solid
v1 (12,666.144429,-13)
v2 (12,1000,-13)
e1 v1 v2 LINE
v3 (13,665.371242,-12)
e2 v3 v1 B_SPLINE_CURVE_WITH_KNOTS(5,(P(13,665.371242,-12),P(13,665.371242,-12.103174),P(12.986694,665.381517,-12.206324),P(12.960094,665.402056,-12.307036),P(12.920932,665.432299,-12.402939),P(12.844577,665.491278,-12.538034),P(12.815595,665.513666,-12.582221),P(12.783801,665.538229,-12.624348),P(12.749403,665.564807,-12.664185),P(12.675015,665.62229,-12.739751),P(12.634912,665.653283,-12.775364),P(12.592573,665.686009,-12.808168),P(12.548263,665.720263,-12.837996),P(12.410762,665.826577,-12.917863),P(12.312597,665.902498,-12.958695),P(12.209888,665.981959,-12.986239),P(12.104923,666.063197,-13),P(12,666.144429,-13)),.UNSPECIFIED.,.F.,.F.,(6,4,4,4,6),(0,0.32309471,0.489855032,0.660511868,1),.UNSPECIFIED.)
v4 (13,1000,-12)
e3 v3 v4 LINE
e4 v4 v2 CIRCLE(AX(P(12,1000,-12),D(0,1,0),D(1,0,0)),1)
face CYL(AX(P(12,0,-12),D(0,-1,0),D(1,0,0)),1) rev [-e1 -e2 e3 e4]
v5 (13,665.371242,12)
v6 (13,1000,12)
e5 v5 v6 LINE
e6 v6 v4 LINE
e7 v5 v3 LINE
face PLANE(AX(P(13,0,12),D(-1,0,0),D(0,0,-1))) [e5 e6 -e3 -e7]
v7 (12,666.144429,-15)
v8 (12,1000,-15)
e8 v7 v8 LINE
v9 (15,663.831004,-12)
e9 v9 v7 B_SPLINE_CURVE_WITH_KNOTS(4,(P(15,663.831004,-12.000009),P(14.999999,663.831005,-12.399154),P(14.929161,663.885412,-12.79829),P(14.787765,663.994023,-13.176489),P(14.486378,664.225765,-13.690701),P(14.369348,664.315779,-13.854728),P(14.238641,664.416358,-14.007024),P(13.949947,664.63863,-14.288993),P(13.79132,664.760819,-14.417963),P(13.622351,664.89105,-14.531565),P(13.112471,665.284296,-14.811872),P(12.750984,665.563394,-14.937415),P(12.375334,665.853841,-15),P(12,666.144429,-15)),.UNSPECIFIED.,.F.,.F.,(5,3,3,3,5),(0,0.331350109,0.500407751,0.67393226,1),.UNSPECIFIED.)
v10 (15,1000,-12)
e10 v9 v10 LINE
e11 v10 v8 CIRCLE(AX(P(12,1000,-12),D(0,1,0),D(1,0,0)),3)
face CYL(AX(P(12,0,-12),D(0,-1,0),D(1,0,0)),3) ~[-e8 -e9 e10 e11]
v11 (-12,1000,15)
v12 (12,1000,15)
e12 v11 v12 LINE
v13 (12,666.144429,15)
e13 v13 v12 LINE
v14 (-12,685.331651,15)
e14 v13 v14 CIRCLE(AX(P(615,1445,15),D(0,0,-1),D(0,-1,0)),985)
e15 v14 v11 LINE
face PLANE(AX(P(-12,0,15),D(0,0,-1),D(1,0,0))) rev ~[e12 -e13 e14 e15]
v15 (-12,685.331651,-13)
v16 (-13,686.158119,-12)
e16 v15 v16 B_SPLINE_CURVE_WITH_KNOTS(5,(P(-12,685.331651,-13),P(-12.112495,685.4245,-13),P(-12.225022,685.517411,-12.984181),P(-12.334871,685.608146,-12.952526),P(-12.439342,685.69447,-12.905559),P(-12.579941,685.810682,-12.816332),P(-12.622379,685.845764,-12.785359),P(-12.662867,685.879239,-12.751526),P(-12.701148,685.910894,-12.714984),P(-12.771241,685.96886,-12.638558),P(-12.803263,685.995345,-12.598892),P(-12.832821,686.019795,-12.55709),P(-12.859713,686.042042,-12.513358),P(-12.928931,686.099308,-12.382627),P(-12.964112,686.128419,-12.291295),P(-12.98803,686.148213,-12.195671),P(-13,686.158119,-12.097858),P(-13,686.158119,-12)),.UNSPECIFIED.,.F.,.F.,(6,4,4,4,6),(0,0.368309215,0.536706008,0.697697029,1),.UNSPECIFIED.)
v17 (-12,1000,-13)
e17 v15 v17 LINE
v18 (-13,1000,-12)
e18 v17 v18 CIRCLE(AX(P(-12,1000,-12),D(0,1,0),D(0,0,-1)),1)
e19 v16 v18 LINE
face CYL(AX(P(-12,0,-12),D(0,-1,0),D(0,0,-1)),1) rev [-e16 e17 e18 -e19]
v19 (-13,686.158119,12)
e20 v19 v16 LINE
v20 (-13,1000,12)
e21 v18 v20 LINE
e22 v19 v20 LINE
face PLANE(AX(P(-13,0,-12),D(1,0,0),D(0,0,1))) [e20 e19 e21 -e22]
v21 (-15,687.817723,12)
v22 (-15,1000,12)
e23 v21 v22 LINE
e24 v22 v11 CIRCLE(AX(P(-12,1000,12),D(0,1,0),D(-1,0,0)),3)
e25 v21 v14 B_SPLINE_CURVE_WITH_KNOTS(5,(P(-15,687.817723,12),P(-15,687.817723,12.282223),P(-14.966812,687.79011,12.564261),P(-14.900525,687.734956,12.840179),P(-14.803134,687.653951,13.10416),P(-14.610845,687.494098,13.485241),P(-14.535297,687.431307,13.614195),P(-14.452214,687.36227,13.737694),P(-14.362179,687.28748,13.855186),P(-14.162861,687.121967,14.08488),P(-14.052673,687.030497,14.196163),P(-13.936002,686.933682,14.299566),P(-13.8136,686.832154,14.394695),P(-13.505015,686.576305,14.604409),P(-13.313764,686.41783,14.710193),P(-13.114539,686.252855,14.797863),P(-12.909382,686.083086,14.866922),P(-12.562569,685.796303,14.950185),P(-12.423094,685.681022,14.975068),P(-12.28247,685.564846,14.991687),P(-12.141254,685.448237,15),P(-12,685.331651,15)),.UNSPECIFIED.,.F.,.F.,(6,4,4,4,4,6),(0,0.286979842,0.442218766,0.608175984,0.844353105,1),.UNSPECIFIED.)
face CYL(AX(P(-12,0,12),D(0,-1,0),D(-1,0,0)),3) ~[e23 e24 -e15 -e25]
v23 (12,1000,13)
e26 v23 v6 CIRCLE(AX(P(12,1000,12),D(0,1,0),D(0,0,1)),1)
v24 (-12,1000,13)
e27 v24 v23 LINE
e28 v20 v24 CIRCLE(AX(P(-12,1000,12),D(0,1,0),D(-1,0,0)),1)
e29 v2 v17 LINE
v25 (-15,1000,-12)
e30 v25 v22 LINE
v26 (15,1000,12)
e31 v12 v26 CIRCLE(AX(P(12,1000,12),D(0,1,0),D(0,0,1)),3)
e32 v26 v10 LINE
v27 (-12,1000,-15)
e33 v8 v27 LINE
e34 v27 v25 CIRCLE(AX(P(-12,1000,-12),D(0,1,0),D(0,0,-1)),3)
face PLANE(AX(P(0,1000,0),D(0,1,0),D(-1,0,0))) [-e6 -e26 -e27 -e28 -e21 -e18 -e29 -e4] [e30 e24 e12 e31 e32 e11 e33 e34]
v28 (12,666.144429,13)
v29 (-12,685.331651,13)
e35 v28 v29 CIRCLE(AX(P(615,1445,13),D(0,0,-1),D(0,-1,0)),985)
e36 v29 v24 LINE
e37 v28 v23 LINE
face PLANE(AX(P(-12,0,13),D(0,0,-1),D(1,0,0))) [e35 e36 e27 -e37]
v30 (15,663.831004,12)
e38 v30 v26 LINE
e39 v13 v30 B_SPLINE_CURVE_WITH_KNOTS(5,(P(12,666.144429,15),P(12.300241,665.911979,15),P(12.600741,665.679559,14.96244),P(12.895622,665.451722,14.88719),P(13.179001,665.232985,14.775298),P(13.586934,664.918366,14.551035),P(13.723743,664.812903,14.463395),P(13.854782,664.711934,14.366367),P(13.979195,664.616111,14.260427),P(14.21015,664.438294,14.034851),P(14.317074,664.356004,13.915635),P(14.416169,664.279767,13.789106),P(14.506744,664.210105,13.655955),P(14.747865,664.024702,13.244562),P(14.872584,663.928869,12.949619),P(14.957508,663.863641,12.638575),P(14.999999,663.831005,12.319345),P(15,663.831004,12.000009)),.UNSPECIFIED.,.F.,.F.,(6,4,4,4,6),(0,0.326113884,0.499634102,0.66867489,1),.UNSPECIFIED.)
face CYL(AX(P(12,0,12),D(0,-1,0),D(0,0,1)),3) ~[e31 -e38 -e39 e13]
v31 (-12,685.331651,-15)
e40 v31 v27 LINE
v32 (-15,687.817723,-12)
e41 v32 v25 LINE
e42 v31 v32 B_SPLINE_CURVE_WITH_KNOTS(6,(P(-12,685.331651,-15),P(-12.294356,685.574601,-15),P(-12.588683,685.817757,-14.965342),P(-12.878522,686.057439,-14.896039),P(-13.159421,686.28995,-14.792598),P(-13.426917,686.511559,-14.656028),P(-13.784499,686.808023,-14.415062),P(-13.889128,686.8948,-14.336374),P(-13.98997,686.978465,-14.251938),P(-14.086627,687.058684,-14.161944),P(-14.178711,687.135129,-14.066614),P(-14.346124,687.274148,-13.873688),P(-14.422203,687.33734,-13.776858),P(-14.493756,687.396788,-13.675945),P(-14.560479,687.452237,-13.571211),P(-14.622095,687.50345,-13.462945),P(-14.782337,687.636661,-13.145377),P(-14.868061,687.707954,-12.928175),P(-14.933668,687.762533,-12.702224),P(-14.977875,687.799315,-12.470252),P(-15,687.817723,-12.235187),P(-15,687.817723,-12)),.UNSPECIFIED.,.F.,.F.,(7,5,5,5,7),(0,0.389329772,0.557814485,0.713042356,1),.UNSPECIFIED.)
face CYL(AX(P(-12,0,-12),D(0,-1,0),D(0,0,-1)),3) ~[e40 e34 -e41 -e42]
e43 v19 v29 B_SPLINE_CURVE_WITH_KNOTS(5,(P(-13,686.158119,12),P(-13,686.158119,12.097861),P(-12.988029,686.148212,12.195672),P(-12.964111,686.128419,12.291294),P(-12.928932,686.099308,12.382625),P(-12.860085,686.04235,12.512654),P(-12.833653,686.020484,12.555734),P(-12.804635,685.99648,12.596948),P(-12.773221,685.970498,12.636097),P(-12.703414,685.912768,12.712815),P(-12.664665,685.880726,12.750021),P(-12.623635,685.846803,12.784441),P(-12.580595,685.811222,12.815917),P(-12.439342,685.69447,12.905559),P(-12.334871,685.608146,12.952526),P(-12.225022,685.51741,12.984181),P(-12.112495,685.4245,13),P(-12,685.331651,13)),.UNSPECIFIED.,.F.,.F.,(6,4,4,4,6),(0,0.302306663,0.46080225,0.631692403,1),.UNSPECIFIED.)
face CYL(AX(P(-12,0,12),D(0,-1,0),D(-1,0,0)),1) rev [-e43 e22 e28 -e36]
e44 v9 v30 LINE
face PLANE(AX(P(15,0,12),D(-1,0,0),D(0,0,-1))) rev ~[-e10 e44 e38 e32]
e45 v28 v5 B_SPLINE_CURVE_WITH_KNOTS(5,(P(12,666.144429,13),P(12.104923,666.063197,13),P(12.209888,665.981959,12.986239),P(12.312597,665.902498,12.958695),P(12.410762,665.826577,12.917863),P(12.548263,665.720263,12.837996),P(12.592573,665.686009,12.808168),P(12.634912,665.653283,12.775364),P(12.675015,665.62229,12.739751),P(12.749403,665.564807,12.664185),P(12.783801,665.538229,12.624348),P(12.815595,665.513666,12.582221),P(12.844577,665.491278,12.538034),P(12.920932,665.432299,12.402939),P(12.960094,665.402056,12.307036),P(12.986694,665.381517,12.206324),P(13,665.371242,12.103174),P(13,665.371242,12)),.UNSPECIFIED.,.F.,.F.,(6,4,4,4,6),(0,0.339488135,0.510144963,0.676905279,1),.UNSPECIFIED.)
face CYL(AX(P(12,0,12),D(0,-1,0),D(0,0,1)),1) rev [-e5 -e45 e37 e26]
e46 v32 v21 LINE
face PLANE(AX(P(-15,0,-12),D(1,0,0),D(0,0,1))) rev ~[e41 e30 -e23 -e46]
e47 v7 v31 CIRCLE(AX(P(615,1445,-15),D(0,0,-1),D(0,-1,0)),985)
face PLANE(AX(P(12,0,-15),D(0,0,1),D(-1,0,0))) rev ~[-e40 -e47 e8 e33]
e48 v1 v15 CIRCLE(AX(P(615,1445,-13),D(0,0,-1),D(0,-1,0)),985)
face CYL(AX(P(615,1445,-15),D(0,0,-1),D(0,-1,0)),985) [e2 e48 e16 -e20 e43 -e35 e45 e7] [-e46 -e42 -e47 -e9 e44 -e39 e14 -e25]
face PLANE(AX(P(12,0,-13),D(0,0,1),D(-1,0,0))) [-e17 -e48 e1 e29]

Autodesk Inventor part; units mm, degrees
ref_plane "YZ Plane" through (0, 0, 0) normal (1, 0, 0) x (0, 1, 0)
ref_plane "XZ Plane" through (0, 0, 0) normal (0, 1, 0) x (-1, 0, 0)
sketch "Sketch1" plane through (0, 0, 0) normal (0, 1, 0) x (-1, 0, 0)
  line L0 (-12, 14) -> (12, 14) construction
  line L1 (14, 12) -> (14, -12) construction
  line L2 (12, -14) -> (-12, -14) construction
  line L3 (-14, -12) -> (-14, 12) construction
  line L4 (-14, 14) -> (14, -14) construction
  line L5 (14, 14) -> (-14, -14) construction
  arc A0 (14, 12) -> (12, 14) centre (12, 12) ccw construction
  arc A1 (12, -14) -> (14, -12) centre (12, -12) ccw construction
  arc A2 (-14, -12) -> (-12, -14) centre (-12, -12) ccw construction
  arc A3 (-12, 14) -> (-14, 12) centre (-12, 12) ccw construction
  line L6 (-12, -15) -> (12, -15)
  arc A4 (12, -15) -> (15, -12) centre (12, -12) ccw
  line L7 (15, -12) -> (15, 12)
  arc A5 (15, 12) -> (12, 15) centre (12, 12) ccw
  line L8 (12, 15) -> (-12, 15)
  arc A6 (-12, 15) -> (-15, 12) centre (-12, 12) ccw
  line L9 (-15, 12) -> (-15, -12)
  arc A7 (-15, -12) -> (-12, -15) centre (-12, -12) ccw
  line L10 (13, -12) -> (13, 12)
  arc A8 (13, 12) -> (12, 13) centre (12, 12) ccw
  line L11 (12, 13) -> (-12, 13)
  arc A9 (-12, 13) -> (-13, 12) centre (-12, 12) ccw
  line L12 (-13, 12) -> (-13, -12)
  arc A10 (-13, -12) -> (-12, -13) centre (-12, -12) ccw
  line L13 (-12, -13) -> (12, -13)
  arc A11 (12, -13) -> (13, -12) centre (12, -12) ccw
  point P0 (0, 0)
  point P1 (0, 0)
  point P2 (0, 0)
  dimension "d10" = 2
  dimension "depth" = 30
  dimension "width" = 30
  dimension "thickness" = 2
extrude "Extrusion1" add sketch "Sketch1" along normal blind 1000
ref_plane "Work Plane1" through (0, 500, 0) normal (0, -1, 0) x (1, 0, 0)
sketch "Sketch5" plane through (12, 0, -15) normal (0, 0, -1) x (-1, 0, 0)
  arc A0 (-603, 460) -> (-603, 2430) centre (-603, 1445) ccw projected
  line L0 (27, 0) -> (27, 1000) projected
  line L1 (-3, 0) -> (-3, 1000) projected
  line L2 (0, 0) -> (24, 0) projected
  line L3 (0, 0) -> (-3, 0) projected
  line L4 (27, 0) -> (24, 0) projected
  point P0 (12, 0)
  point P1 (27, 687.8177)
  point P2 (-3, 663.831)
extrude "Extrusion4" cut sketch "Sketch5" against normal through all
equation "\"d10\" = thickness"
properties part number "podest duzy profil 5" material "Steel"
